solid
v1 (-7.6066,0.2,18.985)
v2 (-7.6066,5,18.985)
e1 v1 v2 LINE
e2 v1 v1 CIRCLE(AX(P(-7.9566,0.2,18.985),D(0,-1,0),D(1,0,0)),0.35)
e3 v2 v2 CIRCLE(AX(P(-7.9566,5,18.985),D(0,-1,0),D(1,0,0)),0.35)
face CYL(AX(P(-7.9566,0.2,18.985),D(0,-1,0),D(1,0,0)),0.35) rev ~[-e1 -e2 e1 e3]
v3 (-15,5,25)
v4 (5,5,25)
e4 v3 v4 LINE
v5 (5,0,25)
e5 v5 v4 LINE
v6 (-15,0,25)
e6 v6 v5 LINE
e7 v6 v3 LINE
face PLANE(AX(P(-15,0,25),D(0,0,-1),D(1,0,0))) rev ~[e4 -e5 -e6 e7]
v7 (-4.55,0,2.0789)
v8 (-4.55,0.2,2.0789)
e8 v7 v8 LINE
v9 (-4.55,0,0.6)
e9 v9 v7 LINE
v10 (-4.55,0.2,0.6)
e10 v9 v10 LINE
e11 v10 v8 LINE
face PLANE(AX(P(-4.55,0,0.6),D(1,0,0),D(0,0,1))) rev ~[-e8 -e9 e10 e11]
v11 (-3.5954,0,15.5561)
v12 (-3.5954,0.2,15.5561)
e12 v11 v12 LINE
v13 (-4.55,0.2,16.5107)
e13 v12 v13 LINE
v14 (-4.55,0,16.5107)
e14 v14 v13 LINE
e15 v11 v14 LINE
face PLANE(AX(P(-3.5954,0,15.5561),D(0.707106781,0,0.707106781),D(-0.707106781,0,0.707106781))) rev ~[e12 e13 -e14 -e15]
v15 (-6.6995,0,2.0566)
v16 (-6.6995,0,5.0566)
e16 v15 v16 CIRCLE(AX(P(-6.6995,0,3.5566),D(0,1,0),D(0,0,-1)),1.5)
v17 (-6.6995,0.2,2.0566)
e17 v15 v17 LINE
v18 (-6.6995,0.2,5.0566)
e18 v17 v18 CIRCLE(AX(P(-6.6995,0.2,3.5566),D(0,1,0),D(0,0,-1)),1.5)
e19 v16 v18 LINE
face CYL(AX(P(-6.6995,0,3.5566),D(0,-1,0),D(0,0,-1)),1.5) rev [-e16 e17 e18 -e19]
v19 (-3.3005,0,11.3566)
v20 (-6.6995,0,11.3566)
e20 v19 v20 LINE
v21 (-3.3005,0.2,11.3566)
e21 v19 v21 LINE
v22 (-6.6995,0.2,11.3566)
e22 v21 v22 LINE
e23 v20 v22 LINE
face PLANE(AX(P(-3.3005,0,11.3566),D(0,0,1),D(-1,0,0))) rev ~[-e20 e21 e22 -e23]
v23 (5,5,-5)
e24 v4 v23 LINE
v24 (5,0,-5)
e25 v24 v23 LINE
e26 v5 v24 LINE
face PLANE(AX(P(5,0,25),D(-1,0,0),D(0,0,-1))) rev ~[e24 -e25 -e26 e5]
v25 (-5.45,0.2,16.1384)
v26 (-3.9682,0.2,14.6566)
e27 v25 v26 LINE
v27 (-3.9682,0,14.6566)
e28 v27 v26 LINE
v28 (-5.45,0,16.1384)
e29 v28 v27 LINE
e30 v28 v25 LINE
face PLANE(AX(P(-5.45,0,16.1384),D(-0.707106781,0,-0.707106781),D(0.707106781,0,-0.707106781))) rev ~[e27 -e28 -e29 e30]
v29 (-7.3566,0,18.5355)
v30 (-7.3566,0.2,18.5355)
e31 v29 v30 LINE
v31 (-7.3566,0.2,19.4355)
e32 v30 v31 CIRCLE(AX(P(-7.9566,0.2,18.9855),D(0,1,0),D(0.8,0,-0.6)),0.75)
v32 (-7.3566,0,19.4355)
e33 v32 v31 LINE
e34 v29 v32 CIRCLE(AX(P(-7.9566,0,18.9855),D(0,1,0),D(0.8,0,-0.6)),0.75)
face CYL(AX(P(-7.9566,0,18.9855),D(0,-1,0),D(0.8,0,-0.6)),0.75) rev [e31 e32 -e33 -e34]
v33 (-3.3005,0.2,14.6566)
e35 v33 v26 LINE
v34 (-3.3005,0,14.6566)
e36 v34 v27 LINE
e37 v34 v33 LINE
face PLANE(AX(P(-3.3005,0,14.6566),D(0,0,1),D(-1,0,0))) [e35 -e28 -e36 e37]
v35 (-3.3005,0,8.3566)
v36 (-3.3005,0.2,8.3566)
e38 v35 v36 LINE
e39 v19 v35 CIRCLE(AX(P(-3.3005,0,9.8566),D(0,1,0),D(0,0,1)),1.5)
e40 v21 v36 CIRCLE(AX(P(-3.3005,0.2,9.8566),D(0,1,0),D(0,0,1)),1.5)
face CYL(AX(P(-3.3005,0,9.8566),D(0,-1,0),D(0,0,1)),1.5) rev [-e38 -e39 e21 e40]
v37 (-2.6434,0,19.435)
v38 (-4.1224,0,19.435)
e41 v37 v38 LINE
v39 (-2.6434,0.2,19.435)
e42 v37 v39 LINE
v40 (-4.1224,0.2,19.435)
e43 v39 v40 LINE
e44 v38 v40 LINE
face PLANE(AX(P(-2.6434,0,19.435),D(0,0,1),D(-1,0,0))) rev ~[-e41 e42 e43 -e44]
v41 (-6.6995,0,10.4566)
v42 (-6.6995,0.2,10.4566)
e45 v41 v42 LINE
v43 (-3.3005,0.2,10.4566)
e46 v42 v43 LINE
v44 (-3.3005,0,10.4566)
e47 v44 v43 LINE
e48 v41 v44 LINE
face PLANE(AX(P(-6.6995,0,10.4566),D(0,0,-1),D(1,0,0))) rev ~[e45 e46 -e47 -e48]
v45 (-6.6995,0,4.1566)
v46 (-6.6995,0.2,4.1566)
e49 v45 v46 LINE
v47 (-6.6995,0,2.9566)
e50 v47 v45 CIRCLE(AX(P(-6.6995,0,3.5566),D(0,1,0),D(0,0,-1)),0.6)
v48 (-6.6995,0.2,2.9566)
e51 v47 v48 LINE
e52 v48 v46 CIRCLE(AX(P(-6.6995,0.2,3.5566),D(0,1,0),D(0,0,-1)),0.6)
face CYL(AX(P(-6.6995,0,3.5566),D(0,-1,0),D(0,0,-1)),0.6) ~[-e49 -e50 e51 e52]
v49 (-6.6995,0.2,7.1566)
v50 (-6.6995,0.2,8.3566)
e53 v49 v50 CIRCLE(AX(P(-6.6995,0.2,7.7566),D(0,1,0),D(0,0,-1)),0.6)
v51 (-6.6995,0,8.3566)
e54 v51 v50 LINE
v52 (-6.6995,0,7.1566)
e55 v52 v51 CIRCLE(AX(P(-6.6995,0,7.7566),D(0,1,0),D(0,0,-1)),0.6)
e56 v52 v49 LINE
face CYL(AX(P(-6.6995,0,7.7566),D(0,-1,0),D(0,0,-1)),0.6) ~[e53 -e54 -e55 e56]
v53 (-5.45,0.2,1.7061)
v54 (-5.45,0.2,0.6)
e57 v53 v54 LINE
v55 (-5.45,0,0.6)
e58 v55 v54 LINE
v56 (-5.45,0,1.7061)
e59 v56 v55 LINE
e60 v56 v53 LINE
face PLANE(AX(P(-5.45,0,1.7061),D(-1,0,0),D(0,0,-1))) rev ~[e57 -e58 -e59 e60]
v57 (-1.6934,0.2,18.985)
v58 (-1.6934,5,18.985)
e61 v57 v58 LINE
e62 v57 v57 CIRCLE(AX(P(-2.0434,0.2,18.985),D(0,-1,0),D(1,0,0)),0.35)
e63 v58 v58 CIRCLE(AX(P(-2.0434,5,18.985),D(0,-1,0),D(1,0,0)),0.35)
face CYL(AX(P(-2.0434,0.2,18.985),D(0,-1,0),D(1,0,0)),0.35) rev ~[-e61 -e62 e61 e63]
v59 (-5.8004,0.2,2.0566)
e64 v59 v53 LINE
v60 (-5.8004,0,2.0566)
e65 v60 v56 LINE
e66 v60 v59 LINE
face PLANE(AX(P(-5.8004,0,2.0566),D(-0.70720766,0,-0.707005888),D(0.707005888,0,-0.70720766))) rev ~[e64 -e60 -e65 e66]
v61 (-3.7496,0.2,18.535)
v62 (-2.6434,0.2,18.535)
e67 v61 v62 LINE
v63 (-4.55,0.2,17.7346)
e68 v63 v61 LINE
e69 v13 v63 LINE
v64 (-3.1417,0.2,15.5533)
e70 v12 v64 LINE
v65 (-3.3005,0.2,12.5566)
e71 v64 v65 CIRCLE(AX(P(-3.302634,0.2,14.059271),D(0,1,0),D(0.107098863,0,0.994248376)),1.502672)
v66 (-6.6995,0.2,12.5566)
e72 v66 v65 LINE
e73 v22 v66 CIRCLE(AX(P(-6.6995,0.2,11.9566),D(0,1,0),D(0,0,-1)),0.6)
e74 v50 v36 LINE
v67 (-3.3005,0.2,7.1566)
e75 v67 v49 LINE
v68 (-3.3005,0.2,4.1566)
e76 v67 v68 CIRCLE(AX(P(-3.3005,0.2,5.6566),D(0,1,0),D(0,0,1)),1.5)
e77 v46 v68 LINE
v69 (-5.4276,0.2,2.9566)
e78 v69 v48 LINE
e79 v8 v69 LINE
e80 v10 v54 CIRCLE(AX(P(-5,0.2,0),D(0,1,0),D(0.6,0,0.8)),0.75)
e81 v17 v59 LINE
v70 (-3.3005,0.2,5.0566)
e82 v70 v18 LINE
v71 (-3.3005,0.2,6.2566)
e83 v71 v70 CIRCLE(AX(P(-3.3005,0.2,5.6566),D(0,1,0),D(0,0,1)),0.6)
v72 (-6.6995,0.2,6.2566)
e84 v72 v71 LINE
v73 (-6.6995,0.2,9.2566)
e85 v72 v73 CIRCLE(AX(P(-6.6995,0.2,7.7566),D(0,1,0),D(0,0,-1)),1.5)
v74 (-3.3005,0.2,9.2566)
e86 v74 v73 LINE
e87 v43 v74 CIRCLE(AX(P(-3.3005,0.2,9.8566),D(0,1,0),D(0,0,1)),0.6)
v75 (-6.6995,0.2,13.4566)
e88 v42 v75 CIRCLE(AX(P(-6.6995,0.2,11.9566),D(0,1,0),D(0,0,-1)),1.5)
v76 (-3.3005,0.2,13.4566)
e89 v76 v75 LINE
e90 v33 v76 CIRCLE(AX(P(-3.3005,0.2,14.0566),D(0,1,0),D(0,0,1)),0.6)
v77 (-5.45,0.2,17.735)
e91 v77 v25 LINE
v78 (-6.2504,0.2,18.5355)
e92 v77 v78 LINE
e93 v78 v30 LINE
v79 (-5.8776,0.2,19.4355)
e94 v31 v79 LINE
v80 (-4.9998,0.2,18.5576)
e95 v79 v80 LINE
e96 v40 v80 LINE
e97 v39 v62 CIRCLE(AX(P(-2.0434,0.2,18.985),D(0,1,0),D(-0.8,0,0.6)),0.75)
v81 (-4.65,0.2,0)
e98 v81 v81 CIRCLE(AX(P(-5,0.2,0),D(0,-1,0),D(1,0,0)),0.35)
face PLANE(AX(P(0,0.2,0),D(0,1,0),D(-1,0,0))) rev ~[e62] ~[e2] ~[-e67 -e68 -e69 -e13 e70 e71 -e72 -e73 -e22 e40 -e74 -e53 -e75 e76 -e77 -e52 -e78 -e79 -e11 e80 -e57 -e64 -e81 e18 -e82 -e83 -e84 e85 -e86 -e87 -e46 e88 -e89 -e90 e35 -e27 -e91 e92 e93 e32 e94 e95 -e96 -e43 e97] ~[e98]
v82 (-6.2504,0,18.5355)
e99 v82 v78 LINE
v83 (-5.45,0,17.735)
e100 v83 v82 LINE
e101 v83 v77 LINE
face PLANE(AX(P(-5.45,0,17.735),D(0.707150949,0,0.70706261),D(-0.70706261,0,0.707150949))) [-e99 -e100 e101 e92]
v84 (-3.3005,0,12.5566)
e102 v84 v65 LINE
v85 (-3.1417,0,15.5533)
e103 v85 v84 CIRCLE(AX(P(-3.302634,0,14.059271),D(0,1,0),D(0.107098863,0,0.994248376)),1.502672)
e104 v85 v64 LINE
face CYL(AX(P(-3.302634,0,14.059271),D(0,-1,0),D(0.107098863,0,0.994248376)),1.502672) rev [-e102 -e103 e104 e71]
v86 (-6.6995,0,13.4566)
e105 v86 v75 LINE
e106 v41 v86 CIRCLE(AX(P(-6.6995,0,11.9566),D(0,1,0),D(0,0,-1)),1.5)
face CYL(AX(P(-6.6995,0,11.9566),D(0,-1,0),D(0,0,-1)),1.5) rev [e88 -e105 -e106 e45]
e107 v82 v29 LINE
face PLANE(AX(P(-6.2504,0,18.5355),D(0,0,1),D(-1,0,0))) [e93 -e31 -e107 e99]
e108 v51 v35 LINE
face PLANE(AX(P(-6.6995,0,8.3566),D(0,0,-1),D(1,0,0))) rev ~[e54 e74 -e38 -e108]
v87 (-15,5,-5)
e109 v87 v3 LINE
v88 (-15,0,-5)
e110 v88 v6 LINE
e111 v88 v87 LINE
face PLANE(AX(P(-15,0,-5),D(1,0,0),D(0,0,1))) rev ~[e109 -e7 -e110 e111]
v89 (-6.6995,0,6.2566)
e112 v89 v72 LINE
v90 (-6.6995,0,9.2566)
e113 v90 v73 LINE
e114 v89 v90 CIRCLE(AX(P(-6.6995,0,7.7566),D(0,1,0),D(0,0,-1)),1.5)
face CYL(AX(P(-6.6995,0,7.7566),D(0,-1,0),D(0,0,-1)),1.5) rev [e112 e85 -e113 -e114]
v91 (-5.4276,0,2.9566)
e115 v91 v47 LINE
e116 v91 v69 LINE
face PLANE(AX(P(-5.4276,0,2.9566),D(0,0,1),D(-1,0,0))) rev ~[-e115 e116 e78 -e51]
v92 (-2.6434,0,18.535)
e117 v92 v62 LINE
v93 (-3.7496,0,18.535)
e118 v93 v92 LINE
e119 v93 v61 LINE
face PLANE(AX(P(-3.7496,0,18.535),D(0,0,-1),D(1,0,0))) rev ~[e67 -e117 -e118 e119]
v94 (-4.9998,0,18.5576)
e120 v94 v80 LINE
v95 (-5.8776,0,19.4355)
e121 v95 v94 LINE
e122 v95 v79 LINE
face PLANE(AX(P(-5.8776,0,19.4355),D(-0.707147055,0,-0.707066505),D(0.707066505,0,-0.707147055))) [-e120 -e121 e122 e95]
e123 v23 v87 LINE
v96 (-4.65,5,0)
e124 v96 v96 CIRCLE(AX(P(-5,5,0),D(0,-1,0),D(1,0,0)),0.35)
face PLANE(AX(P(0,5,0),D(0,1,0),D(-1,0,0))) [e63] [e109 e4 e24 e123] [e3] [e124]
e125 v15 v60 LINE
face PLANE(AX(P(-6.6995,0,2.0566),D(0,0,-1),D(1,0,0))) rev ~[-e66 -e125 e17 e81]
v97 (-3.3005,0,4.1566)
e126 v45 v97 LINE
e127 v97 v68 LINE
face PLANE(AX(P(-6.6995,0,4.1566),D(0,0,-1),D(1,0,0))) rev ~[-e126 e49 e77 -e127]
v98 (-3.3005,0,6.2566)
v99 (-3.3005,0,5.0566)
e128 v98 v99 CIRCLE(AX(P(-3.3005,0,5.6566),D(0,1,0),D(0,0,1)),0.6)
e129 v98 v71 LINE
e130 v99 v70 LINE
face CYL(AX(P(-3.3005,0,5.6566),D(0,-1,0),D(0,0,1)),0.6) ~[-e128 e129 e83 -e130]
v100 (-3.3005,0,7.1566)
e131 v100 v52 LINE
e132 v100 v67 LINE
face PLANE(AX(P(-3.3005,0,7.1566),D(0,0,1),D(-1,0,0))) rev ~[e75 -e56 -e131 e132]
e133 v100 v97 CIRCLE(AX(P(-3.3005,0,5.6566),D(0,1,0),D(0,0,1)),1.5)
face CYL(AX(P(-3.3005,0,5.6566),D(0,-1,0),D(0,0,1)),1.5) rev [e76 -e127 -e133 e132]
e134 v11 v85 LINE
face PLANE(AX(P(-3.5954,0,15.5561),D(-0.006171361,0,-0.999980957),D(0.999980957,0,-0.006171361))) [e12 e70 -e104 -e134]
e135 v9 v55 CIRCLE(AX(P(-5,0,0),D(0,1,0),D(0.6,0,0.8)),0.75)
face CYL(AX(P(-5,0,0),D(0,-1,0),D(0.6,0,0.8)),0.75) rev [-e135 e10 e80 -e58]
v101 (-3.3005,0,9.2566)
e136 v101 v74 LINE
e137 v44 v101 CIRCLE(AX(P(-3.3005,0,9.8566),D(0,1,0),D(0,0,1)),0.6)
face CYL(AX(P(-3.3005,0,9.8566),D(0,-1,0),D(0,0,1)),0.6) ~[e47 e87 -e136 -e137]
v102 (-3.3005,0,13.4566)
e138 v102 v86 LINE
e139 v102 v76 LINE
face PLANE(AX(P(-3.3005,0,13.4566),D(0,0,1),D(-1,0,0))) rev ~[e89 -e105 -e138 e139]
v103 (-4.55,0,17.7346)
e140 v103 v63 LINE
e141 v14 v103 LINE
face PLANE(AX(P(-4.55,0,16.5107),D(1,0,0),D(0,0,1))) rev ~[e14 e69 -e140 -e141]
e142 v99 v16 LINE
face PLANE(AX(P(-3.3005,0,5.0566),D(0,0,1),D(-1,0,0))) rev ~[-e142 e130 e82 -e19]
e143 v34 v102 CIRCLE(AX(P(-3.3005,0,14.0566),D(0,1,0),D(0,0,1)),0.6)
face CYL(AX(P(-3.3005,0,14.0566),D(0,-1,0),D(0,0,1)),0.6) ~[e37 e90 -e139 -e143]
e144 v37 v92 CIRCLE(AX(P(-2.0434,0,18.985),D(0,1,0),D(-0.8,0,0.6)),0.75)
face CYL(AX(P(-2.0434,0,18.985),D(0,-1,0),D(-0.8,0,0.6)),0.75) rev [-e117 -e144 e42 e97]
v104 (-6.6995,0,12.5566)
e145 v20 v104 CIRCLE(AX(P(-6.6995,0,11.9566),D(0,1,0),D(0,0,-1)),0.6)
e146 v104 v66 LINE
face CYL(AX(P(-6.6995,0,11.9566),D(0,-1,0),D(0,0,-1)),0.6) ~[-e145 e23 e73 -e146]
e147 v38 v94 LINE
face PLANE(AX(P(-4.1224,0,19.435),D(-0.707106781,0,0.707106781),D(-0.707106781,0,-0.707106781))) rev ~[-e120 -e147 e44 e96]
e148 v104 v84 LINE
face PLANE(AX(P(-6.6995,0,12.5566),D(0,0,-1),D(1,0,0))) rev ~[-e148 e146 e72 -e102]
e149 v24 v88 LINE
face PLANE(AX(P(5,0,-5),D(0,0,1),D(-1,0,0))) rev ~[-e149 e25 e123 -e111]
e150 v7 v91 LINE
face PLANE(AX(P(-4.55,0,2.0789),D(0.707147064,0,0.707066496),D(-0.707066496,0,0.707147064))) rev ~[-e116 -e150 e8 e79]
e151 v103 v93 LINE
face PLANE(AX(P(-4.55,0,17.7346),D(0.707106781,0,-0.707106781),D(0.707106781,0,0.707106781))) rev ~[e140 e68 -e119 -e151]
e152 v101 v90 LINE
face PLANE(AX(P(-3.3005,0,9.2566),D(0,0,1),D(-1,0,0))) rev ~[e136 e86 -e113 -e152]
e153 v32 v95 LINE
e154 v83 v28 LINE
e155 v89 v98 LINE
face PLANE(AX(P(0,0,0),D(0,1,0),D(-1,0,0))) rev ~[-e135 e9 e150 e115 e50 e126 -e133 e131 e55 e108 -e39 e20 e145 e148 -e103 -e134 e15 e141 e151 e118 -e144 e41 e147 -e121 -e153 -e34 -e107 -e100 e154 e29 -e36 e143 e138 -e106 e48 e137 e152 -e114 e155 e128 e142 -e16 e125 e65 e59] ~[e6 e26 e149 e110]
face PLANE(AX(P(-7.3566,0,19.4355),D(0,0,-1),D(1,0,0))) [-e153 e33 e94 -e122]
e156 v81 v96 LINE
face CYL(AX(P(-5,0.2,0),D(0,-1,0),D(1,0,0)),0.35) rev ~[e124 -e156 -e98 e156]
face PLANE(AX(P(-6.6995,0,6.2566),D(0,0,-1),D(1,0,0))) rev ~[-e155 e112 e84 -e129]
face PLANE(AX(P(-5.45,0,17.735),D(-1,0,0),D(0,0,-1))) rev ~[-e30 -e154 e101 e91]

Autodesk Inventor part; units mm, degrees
ref_plane "YZ Plane" through (0, 0, 0) normal (1, 0, 0) x (0, 1, 0)
ref_plane "XZ Plane" through (0, 0, 0) normal (0, 1, 0) x (-1, 0, 0)
ref_plane "XY Plane" through (0, 0, 0) normal (0, 0, 1) x (1, 0, 0)
sketch "Boceto1" plane through (0, 0, 0) normal (0, 1, 0) x (-1, 0, 0)
  line L0 (3.5954, 15.5561) -> (3.1417, 15.5533)
  line L1 (3.3005, 14.6566) -> (3.9682, 14.6566)
  line L2 (5.45, 1.7061) -> (5.45, 0.6)
  line L3 (3.5954, 15.5561) -> (4.55, 16.5107)
  line L4 (4.55, 16.5107) -> (4.55, 17.7346)
  line L5 (5.45, 17.735) -> (5.45, 16.1384)
  line L6 (5.45, 16.1384) -> (3.9682, 14.6566)
  line L7 (6.6995, 10.4566) -> (3.3005, 10.4566)
  line L8 (3.3005, 11.3566) -> (6.6995, 11.3566)
  arc A0 (6.6995, 11.3566) -> (6.6995, 12.5566) centre (6.6995, 11.9566) ccw
  arc A1 (6.6995, 10.4566) -> (6.6995, 13.4566) centre (6.6995, 11.9566) ccw
  line L9 (6.6995, 12.5566) -> (3.3005, 12.5566)
  arc A2 (3.3005, 14.6566) -> (3.3005, 13.4566) centre (3.3005, 14.0566) ccw
  arc A3 (3.1417, 15.5533) -> (3.3005, 12.5566) centre (3.3026, 14.0593) ccw
  line L10 (3.3005, 13.4566) -> (6.6995, 13.4566)
  line L11 (3.3005, 9.2566) -> (6.6995, 9.2566)
  arc A4 (3.3005, 10.4566) -> (3.3005, 9.2566) centre (3.3005, 9.8566) ccw
  arc A5 (3.3005, 11.3566) -> (3.3005, 8.3566) centre (3.3005, 9.8566) ccw
  line L12 (6.6995, 8.3566) -> (3.3005, 8.3566)
  arc A6 (6.6995, 7.1566) -> (6.6995, 8.3566) centre (6.6995, 7.7566) ccw
  arc A7 (6.6995, 6.2566) -> (6.6995, 9.2566) centre (6.6995, 7.7566) ccw
  line L13 (3.3005, 7.1566) -> (6.6995, 7.1566)
  line L14 (6.6995, 6.2566) -> (3.3005, 6.2566)
  arc A8 (3.3005, 6.2566) -> (3.3005, 5.0566) centre (3.3005, 5.6566) ccw
  arc A9 (3.3005, 7.1566) -> (3.3005, 4.1566) centre (3.3005, 5.6566) ccw
  line L15 (3.3005, 5.0566) -> (6.6995, 5.0566)
  line L16 (6.6995, 4.1566) -> (3.3005, 4.1566)
  arc A10 (6.6995, 2.9566) -> (6.6995, 4.1566) centre (6.6995, 3.5566) ccw
  arc A11 (6.6995, 2.0566) -> (6.6995, 5.0566) centre (6.6995, 3.5566) ccw
  line L17 (4.55, 2.0789) -> (5.4276, 2.9566)
  line L18 (6.6995, 2.0566) -> (5.8004, 2.0566)
  line L19 (5.8004, 2.0566) -> (5.45, 1.7061)
  line L20 (4.55, 0.6) -> (4.55, 2.0789)
  arc A12 (4.55, 0.6) -> (5.45, 0.6) centre (5, 0) ccw
  line L21 (5.4276, 2.9566) -> (6.6995, 2.9566)
  line L22 (15, -5) -> (15, 25)
  line L23 (15, 25) -> (-5, 25)
  line L24 (-5, 25) -> (-5, -5)
  line L25 (-5, -5) -> (15, -5)
  line L26 (3.7496, 18.535) -> (2.6434, 18.535)
  line L27 (4.1224, 19.435) -> (4.9998, 18.5576)
  line L28 (4.55, 17.7346) -> (3.7496, 18.535)
  line L29 (2.6434, 19.435) -> (4.1224, 19.435)
  arc A13 (2.6434, 19.435) -> (2.6434, 18.535) centre (2.0434, 18.985) ccw
  line L30 (6.2504, 18.5355) -> (7.3566, 18.5355)
  line L31 (7.3566, 19.4355) -> (5.8776, 19.4355)
  arc A14 (7.3566, 18.5355) -> (7.3566, 19.4355) centre (7.9566, 18.9855) ccw
  line L32 (5.45, 17.735) -> (6.2504, 18.5355)
  line L33 (5.8776, 19.4355) -> (4.9998, 18.5576)
extrude "Extrusión1" add sketch "Boceto1" along normal blind 5 contours L3 L4 L28 L26 A13 L29 L27 L33 L31 A14 L30 L32 L5 L6 L1 A2 L10 A1 L7 A4 L11 A7 L14 A8 L15 A11 L18 L19 L2 A12 L20 L17 L21 A10 L16 A9 L13 A6 L12 A5 L8 A0 L9 A3 L0 | L25 L24 L23 L22
extrude "Extrusión2" cut sketch "Boceto1" along normal blind 0.2 contours L3 L4 L28 L26 A13 L29 L27 L33 L31 A14 L30 L32 L5 L6 L1 A2 L10 A1 L7 A4 L11 A7 L14 A8 L15 A11 L18 L19 L2 A12 L20 L17 L21 A10 L16 A9 L13 A6 L12 A5 L8 A0 L9 A3 L0
sketch "Boceto3" plane through (0, 0.2, 0) normal (0, -1, 0) x (1, 0, 0)
  arc A0 (-2.6434, 18.535) -> (-2.6434, 19.435) centre (-2.0434, 18.985) ccw projected
  arc A1 (-7.3566, 19.4355) -> (-7.3566, 18.5355) centre (-7.9566, 18.9855) ccw projected
  arc A2 (-5.45, 0.6) -> (-4.55, 0.6) centre (-5, 0) ccw projected
  circle A3 centre (-2.0434, 18.985) radius 0.35
  circle A4 centre (-7.9566, 18.985) radius 0.35
  circle A5 centre (-5, 0) radius 0.35
  point P0 (0, 0)
  dimension "d5" = 0.7
  dimension "d6" = 0.7
  dimension "d7" = 0.7
extrude "Extrusión3" cut sketch "Boceto3" against normal through all
properties part number "Mixer"
